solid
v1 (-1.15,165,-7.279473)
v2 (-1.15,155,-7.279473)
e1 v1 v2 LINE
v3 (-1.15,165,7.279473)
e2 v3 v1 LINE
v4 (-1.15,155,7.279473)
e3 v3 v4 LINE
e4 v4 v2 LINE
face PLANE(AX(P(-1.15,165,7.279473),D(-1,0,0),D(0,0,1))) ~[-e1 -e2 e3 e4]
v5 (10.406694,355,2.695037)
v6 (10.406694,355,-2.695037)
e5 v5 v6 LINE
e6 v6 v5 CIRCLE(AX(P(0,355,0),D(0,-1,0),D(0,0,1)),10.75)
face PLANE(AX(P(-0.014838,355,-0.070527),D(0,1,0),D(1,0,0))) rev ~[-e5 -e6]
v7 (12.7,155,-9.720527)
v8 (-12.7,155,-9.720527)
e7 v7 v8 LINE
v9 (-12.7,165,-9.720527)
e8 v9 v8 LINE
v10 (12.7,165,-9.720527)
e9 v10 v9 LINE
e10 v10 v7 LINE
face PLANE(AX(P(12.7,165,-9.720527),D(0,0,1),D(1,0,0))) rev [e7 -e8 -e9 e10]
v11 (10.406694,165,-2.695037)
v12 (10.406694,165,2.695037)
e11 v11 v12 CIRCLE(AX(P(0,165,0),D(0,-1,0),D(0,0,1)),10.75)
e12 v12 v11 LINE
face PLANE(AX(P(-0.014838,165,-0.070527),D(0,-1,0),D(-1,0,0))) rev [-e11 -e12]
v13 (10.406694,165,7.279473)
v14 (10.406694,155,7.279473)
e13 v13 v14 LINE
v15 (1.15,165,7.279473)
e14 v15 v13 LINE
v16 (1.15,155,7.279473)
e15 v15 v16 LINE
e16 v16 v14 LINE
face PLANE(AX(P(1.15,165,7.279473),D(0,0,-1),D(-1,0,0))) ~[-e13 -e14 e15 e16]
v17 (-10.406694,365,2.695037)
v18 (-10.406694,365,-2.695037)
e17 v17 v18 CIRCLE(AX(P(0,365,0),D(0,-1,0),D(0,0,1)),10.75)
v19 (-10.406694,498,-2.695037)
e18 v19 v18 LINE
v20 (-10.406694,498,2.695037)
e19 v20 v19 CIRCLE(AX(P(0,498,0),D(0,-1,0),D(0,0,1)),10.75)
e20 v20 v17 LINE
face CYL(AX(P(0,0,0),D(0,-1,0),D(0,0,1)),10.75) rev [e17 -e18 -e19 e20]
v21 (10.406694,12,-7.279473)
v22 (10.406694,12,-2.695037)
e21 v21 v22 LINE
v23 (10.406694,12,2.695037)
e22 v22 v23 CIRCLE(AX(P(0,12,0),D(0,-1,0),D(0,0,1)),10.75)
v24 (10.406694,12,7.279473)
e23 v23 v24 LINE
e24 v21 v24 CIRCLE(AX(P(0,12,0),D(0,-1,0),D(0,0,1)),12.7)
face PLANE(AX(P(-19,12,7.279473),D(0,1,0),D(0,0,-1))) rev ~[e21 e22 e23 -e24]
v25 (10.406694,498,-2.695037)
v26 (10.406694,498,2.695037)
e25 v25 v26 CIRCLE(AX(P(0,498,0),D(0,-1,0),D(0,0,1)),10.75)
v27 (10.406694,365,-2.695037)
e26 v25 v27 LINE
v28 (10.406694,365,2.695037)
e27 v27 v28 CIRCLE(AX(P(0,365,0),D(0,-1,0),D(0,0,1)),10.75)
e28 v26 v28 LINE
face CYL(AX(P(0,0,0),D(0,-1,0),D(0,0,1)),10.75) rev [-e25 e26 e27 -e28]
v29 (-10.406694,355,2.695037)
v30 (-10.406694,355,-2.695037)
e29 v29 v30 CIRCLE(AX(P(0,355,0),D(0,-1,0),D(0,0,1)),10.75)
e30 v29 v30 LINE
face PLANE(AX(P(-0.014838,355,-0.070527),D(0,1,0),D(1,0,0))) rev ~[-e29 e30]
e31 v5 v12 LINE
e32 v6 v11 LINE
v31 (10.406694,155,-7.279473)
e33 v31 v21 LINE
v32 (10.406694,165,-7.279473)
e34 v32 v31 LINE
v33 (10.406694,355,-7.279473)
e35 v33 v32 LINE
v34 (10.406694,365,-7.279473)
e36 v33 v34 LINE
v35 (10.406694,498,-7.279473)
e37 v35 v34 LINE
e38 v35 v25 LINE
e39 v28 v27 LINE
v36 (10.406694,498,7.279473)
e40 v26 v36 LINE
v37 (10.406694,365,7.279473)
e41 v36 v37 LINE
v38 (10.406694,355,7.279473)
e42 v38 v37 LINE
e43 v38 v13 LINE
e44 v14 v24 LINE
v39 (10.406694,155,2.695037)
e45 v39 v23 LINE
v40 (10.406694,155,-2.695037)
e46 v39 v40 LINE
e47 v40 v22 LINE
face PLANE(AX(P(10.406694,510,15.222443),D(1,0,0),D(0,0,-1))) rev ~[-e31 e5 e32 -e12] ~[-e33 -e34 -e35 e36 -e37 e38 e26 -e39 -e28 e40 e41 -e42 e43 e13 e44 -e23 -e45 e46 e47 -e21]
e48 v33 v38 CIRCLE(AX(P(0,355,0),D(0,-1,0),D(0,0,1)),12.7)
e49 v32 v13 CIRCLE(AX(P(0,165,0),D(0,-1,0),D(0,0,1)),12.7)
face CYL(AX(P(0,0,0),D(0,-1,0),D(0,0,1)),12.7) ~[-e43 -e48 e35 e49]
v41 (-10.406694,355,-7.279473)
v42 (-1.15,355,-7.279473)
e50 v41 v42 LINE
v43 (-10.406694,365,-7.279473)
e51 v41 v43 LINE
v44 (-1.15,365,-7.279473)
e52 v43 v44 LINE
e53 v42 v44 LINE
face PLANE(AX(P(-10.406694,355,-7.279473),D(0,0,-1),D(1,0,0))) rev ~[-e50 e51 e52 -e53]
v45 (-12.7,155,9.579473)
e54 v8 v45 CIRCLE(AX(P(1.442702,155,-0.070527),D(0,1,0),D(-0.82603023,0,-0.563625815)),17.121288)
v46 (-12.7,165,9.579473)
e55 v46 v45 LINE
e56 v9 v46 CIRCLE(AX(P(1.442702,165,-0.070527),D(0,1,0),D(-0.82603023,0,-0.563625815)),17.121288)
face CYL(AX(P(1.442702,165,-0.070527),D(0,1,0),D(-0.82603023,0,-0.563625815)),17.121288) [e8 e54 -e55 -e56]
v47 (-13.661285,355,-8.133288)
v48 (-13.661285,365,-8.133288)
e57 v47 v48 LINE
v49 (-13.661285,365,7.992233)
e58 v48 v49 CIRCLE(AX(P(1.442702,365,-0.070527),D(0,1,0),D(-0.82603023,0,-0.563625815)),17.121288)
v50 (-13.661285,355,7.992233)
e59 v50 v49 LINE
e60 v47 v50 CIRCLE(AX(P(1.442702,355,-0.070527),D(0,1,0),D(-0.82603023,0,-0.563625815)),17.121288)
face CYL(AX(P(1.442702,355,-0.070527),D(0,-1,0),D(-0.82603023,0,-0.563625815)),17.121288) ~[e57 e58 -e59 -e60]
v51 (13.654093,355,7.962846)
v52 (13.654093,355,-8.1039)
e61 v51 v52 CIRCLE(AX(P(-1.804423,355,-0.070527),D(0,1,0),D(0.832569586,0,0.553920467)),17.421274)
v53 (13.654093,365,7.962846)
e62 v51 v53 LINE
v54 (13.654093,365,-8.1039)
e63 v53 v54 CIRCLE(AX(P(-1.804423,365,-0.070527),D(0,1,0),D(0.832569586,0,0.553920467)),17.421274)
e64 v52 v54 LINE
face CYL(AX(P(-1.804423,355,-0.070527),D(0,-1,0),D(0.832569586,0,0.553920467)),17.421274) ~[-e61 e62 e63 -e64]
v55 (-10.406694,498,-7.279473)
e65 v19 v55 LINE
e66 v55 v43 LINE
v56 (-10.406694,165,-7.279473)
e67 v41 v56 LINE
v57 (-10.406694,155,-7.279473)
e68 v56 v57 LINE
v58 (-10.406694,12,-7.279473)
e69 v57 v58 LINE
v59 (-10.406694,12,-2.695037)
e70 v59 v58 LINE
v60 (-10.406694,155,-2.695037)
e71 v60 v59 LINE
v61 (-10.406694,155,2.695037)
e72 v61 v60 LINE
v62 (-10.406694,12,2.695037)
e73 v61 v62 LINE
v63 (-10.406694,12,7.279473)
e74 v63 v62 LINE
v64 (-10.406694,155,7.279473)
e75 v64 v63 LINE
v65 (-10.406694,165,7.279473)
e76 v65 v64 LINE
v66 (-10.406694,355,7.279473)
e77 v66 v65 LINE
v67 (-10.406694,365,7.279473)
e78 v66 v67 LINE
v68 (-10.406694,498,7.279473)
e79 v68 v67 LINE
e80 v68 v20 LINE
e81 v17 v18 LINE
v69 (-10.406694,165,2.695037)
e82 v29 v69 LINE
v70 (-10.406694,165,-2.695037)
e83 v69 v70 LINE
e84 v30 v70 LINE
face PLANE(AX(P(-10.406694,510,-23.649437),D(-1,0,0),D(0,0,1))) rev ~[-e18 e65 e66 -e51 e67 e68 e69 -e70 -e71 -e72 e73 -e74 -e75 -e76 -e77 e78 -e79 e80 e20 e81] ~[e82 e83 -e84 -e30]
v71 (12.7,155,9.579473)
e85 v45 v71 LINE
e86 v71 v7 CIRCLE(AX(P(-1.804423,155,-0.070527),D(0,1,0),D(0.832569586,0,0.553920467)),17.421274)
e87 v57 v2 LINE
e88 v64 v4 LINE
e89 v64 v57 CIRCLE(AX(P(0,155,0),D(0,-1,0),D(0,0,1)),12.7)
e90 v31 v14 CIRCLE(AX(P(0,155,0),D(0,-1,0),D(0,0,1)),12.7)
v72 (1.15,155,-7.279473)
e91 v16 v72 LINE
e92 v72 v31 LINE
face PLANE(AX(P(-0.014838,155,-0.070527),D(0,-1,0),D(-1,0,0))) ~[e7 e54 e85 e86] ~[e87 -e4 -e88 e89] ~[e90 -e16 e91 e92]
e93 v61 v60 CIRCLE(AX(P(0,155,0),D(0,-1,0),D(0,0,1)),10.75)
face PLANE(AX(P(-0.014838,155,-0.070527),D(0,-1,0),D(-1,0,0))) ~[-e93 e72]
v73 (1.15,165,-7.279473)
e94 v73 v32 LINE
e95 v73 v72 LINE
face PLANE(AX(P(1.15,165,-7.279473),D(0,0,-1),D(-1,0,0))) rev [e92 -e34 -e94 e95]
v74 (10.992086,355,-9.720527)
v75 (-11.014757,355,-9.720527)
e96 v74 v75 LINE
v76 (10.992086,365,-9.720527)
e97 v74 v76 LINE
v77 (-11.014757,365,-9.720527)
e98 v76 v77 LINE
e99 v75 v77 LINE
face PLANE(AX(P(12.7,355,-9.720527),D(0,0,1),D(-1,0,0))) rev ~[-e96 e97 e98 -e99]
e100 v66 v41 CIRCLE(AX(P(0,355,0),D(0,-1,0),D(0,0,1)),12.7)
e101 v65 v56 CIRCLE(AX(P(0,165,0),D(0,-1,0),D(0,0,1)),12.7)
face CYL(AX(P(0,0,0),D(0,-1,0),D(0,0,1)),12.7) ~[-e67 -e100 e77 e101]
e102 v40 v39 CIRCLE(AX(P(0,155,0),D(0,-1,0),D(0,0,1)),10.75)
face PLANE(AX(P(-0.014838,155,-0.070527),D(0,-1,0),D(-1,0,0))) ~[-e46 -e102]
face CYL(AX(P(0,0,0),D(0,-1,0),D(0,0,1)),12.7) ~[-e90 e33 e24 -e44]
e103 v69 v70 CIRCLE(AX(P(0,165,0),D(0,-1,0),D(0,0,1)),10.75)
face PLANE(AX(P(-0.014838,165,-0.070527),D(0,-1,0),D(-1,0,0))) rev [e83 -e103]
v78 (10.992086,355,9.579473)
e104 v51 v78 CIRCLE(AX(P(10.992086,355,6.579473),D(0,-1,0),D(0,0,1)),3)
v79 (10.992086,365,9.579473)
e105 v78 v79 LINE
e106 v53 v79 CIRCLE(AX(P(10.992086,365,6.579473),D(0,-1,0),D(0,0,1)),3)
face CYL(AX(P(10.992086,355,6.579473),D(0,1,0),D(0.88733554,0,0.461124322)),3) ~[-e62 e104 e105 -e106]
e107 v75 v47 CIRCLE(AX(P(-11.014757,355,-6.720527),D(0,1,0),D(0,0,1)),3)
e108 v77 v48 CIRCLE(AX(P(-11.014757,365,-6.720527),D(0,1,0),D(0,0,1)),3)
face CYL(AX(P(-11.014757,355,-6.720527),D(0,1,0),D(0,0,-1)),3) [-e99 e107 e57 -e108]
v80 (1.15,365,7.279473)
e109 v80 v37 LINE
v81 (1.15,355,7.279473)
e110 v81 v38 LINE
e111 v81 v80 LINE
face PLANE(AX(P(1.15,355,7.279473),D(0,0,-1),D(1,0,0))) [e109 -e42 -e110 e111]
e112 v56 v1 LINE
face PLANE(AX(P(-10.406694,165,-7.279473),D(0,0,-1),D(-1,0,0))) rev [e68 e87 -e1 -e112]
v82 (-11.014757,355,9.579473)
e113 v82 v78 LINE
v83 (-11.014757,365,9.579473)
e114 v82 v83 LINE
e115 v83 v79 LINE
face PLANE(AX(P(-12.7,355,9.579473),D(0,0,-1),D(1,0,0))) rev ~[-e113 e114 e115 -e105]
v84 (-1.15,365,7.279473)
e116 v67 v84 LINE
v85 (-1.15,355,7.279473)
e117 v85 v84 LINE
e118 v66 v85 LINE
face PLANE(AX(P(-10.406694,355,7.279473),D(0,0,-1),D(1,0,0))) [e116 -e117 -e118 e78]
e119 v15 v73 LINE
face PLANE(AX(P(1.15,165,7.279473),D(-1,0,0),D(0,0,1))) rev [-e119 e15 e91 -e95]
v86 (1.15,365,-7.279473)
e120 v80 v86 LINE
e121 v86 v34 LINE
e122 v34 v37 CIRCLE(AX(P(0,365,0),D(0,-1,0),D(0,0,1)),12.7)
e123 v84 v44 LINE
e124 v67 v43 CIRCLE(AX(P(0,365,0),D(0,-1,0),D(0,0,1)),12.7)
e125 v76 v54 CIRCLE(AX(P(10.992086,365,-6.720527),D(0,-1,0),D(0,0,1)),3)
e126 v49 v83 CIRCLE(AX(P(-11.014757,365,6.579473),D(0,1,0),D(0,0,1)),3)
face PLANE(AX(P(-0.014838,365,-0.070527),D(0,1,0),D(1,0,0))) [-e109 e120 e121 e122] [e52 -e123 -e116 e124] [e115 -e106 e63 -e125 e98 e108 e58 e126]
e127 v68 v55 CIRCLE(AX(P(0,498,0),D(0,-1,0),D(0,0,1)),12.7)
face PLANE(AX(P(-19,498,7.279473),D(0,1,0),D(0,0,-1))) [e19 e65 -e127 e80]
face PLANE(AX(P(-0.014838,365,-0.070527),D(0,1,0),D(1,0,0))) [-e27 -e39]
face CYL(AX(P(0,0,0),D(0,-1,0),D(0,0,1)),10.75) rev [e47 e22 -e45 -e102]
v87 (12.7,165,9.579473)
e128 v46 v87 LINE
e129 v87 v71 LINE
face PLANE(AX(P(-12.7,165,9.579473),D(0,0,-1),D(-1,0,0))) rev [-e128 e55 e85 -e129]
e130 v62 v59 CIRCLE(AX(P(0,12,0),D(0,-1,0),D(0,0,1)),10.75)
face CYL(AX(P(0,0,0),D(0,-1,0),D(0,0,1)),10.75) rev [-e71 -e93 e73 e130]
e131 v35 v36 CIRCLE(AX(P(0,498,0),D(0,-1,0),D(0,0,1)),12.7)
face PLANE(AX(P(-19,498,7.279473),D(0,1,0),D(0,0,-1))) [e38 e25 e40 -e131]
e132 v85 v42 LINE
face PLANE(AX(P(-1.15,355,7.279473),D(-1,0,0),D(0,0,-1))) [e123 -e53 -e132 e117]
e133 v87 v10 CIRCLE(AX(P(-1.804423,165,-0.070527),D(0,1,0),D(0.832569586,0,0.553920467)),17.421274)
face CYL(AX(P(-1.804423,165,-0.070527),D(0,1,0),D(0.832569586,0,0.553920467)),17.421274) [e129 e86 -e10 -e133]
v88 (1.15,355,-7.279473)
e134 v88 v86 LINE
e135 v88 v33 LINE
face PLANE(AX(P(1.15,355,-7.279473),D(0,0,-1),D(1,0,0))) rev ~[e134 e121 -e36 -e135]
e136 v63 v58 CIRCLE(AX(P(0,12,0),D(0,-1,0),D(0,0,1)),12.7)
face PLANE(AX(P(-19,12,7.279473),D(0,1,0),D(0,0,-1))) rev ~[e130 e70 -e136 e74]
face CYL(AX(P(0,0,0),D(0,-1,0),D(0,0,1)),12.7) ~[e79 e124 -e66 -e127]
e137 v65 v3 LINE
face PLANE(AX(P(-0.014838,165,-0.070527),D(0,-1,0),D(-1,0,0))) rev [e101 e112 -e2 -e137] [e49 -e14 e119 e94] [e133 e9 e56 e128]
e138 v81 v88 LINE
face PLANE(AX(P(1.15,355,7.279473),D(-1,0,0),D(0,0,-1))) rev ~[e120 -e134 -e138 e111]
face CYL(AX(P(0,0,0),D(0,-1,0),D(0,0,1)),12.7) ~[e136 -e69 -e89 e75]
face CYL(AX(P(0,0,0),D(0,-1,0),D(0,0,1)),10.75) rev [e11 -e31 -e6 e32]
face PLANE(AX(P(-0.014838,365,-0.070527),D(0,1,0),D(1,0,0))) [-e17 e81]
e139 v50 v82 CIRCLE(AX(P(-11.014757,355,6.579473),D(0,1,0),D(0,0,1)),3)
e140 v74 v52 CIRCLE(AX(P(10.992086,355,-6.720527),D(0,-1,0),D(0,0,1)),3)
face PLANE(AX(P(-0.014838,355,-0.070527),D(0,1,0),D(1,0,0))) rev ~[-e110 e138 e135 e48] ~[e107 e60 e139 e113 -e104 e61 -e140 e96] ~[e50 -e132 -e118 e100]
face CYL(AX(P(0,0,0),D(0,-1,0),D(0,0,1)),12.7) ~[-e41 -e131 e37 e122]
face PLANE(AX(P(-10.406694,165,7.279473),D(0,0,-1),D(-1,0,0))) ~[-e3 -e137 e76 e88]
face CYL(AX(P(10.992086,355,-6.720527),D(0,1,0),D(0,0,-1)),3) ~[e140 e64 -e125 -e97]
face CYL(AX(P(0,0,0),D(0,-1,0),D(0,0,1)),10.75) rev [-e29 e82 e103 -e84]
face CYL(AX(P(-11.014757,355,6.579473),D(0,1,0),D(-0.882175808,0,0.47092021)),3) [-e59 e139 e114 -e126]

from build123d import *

# Parameters (mm, degrees)
SKETCH1_R               = 12.7
SKETCH1_R_2             = 10.75
BOSS_EXTRUDE1_DEPTH     = 510
CUT_EXTRUDE1_DEPTH      = 510
CUT_EXTRUDE2_DEPTH      = 16
CUT_EXTRUDE2_DEPTH_BACK = 19
SKETCH3_W               = 18.830602732
SKETCH3_H               = 12
SKETCH3_W_2             = 16.984597957
SKETCH5_W               = 9.256693762
SKETCH5_H               = 14.558945698
BOSS_EXTRUDE2_DEPTH     = 10
FILLET1_R               = 3


with BuildPart() as part:
    # Sketch1 → Boss-Extrude1 (new body)
    with BuildSketch(Plane(origin=(0, 0, 0), x_dir=(1, 0, 0), z_dir=(0, 1, 0))):
        with Locations(Location((0, 0, 0), (0, 0, 270))):
            Circle(SKETCH1_R)
        with Locations(Location((0, 0, 0), (0, 0, 270))):
            Circle(SKETCH1_R_2, mode=Mode.SUBTRACT)
    extrude(amount=BOSS_EXTRUDE1_DEPTH)

    # Sketch2 → Cut-Extrude1 (cut)
    with BuildSketch(Plane(origin=(0, 510, 0), x_dir=(1, 0, 0), z_dir=(0, 1, 0))):
        Polygon((10.406693762, 24.487366984), (10.406693762, -11.087366984), (10.406693762, -15.222442653), (-10.406693762, -15.222442653), (-10.406693762, -10.249436946), (-10.406693762, 23.649436946), align=None)
    extrude(amount=-CUT_EXTRUDE1_DEPTH, mode=Mode.SUBTRACT)


with BuildPart() as cut_extrude1_piece_1:
    # of the separate pieces the step leaves, piece 1, a body of its own (cut_extrude1_pieces)
    add(part.part.solids().sort_by_distance((10.406693762, 0, 7.279472849))[0])


with BuildPart() as cut_extrude1_piece_2:
    # of the separate pieces the step leaves, piece 2, a body of its own (cut_extrude1_pieces)
    add(part.part.solids().sort_by_distance((-10.406693762, 0, -7.279472849))[0])


with BuildPart() as cut_extrude2_tool:
    # Sketch3 → Cut-Extrude2 (new, two sides: drawn at the far end of the back side and taken through both)
    with BuildSketch(Plane(origin=(0, 0, 0), x_dir=(0, 0, -1), z_dir=(1, 0, 0)).offset(-CUT_EXTRUDE2_DEPTH_BACK)):
        with Locations((2.135828517, 6)):
            Rectangle(SKETCH3_W, SKETCH3_H)
        with Locations((1.21282613, 504)):
            Rectangle(SKETCH3_W_2, SKETCH3_H)
    extrude(amount=CUT_EXTRUDE2_DEPTH + CUT_EXTRUDE2_DEPTH_BACK)


with BuildPart() as cut_extrude1_piece_1_1:
    add(cut_extrude1_piece_1.part)

    # Cut-Extrude2: cut by cut_extrude2_tool
    add(cut_extrude2_tool.part, mode=Mode.SUBTRACT)



with BuildPart() as cut_extrude1_piece_2_1:
    add(cut_extrude1_piece_2.part)

    # Cut-Extrude2: cut by cut_extrude2_tool
    add(cut_extrude2_tool.part, mode=Mode.SUBTRACT)


with BuildPart() as cut_extrude1_piece_1_2:
    add(cut_extrude1_piece_1_1.part)

    add(cut_extrude1_piece_2_1.part)  # Boss-Extrude2 merges Cut-Extrude1 piece 2
    # Sketch5 → Boss-Extrude2 (add)
    with BuildSketch(Plane(origin=(0, 355, 0), x_dir=(1, 0, 0), z_dir=(0, 1, 0))):
        with BuildLine():
            Line((12.7, 9.720527151), (-12.7, 9.720527151))
            ThreePointArc((-12.7, 9.720527151), (-15.678586565, 0.070527151), (-12.7, -9.579472849))
            Line((-12.7, -9.579472849), (12.7, -9.579472849))
            ThreePointArc((12.7, -9.579472849), (15.616851042, 0.070527151), (12.7, 9.720527151))
        make_face()
        with Locations((-5.778346881, 0)):
            Rectangle(SKETCH5_W, SKETCH5_H, mode=Mode.SUBTRACT)
        with Locations((5.778346881, 0)):
            Rectangle(SKETCH5_W, SKETCH5_H, mode=Mode.SUBTRACT)
    boss_extrude2 = extrude(amount=BOSS_EXTRUDE2_DEPTH)

    # Fillet1
    fillet1_edges = [cut_extrude1_piece_1_2.edges().sort_by_distance(p)[0] for p in [
        (-12.7, 360, -9.720527151),
        (-12.7, 360, 9.579472849),
        (12.7, 360, 9.579472849),
        (12.7, 360, -9.720527151),
    ]]
    fillet(fillet1_edges, radius=FILLET1_R)

    # Mirror1: Boss-Extrude2 across plane
    add(boss_extrude2.mirror(Plane.ZX.offset(260)))


solid = cut_extrude1_piece_1_2.part
